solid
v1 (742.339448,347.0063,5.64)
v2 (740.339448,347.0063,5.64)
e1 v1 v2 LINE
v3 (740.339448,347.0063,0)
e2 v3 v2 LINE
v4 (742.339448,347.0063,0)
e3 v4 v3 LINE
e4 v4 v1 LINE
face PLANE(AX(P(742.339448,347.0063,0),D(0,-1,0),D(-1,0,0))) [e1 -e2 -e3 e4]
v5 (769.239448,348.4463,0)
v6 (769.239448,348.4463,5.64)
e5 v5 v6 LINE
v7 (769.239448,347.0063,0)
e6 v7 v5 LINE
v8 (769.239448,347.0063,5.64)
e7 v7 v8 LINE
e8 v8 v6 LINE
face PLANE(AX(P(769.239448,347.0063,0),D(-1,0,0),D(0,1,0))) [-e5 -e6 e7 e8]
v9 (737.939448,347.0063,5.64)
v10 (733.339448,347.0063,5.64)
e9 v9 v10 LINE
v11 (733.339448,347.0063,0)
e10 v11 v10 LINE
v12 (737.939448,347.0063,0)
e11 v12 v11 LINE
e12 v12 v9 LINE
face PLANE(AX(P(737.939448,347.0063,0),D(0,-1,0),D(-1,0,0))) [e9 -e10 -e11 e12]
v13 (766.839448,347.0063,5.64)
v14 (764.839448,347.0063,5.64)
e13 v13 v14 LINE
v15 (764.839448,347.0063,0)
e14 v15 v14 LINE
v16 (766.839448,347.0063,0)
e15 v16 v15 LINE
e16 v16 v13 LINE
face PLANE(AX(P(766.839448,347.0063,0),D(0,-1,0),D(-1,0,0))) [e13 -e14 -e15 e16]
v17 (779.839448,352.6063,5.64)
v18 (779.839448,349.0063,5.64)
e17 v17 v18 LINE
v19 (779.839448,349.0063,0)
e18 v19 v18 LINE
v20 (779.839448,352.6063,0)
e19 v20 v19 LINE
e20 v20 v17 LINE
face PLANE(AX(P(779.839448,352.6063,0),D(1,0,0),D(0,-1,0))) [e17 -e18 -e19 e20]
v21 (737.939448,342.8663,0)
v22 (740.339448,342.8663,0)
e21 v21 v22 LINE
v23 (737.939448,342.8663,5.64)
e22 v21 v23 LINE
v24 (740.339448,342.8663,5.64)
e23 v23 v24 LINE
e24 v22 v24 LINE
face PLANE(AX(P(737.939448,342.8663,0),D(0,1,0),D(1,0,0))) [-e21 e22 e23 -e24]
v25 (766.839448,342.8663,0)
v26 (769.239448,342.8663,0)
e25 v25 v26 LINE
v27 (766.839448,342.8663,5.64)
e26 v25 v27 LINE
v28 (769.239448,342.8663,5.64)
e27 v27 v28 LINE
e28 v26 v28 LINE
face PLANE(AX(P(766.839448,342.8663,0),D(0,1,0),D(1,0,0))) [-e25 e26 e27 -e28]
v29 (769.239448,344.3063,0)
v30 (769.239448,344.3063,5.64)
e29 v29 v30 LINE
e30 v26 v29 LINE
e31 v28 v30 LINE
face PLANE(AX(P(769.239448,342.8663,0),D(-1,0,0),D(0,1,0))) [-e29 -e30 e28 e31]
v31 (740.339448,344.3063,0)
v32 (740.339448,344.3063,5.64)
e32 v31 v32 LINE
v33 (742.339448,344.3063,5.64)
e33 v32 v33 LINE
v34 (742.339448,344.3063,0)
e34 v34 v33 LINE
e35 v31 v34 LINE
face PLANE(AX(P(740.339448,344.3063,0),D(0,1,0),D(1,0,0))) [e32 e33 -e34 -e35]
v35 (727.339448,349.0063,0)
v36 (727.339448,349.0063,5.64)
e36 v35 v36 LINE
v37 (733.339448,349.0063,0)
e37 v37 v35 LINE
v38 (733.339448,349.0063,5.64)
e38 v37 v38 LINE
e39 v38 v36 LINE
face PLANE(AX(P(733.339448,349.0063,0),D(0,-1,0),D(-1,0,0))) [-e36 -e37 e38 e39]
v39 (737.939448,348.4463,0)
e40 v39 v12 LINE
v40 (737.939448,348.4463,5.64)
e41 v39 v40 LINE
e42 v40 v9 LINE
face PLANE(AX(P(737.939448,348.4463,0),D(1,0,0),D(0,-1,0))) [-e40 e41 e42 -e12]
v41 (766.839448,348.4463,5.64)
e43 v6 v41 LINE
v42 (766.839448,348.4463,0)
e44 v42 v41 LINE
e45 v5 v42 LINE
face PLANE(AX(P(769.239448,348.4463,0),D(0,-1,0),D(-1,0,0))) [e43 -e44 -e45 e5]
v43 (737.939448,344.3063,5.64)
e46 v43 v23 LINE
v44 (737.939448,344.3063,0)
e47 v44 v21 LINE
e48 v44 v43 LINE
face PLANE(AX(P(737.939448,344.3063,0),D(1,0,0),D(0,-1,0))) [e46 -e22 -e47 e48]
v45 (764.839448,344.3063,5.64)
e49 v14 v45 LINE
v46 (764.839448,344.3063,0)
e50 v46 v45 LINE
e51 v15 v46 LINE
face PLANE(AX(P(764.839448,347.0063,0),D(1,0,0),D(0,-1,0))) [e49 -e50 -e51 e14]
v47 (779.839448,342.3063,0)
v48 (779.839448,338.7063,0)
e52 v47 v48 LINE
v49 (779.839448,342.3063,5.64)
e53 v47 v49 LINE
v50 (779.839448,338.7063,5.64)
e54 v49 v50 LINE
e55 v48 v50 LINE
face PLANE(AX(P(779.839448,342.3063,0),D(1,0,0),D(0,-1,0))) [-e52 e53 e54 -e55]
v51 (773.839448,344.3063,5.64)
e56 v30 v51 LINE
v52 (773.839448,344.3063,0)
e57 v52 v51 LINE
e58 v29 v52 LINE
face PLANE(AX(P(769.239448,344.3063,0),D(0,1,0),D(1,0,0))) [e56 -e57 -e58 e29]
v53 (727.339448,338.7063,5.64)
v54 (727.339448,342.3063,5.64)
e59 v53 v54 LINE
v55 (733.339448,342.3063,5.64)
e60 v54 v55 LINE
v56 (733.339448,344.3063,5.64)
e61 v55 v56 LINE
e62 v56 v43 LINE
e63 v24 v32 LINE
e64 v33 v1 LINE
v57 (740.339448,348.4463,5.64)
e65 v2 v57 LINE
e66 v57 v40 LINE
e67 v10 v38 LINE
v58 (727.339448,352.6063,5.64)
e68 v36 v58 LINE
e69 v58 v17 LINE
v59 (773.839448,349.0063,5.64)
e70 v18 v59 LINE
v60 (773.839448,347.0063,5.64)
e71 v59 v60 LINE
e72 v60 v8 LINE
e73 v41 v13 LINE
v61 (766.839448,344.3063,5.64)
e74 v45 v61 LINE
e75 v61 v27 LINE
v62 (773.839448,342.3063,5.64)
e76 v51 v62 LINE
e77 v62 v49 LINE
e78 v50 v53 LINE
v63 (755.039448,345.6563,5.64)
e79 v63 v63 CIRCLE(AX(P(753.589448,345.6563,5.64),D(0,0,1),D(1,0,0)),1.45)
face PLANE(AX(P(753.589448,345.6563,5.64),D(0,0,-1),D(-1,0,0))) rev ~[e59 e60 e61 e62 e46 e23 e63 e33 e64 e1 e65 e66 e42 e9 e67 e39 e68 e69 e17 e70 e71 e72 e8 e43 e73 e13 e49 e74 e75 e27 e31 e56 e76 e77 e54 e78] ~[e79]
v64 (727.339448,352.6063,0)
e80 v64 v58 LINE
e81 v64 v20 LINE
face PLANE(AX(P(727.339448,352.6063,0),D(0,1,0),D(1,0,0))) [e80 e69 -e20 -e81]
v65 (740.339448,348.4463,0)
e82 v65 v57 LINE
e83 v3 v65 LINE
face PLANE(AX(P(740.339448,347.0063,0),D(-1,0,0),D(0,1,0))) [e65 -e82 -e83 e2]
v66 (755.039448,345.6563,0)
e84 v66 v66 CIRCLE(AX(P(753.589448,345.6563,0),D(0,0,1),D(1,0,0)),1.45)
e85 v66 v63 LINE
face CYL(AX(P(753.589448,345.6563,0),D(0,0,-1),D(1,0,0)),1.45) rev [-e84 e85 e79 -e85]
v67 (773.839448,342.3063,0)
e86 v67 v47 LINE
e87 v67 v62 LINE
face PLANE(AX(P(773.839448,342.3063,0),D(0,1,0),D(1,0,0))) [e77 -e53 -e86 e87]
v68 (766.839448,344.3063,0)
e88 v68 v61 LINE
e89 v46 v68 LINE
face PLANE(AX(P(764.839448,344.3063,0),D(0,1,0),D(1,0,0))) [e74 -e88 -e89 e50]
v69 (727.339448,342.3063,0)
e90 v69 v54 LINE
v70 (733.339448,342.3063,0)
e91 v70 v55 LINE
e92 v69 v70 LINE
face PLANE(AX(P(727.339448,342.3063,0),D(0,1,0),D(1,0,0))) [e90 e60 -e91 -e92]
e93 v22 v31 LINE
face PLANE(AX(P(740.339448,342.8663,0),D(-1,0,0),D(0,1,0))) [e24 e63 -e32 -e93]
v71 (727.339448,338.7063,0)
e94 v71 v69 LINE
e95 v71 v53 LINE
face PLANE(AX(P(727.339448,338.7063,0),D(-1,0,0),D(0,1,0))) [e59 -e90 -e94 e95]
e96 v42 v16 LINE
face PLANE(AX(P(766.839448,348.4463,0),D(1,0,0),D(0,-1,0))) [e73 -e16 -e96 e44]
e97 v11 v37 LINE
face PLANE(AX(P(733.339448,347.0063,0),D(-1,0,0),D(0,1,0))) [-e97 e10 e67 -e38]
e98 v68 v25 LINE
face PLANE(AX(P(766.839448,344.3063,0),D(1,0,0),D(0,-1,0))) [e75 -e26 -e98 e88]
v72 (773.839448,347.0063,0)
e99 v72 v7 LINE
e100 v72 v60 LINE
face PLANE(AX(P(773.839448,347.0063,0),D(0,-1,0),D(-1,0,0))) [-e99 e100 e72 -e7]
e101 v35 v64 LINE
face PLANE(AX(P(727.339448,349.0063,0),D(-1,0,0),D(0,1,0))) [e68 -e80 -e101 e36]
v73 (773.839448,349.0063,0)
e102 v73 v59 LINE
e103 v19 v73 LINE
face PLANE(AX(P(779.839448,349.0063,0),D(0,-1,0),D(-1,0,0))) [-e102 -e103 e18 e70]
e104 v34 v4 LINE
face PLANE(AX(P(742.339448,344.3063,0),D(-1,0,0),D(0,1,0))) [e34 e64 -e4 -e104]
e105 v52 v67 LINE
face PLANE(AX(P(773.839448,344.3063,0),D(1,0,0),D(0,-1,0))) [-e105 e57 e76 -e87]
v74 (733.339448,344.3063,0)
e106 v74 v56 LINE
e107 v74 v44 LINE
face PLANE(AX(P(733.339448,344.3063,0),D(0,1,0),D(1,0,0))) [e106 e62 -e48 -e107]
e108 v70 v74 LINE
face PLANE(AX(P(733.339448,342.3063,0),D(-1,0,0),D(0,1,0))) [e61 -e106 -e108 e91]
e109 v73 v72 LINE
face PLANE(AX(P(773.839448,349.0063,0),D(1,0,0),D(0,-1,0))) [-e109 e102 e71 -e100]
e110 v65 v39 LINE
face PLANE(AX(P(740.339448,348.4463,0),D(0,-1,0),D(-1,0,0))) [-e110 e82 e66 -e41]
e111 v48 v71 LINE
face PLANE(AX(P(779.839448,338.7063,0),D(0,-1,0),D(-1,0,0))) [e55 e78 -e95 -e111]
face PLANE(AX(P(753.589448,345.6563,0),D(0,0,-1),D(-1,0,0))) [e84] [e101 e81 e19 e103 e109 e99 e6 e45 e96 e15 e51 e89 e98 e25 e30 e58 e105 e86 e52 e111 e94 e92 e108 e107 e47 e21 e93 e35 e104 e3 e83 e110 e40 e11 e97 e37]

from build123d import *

# Parameters (mm, degrees)
SKETCH1_R           = 1.45
BOSS_EXTRUDE2_DEPTH = 5.64


with BuildPart() as part:
    # Sketch1 → Boss-Extrude2 (new body)
    with BuildSketch(Plane.XY):
        Polygon((727.33944815, 352.606300382), (779.83944815, 352.606300382), (779.83944815, 349.006300382), (773.83944815, 349.006300382), (773.83944815, 347.006300382), (769.23944815, 347.006300382), (769.23944815, 348.446300382), (766.83944815, 348.446300382), (766.83944815, 347.006300382), (764.83944815, 347.006300382), (764.83944815, 344.306300382), (766.83944815, 344.306300382), (766.83944815, 342.866300382), (769.23944815, 342.866300382), (769.23944815, 344.306300382), (773.83944815, 344.306300382), (773.83944815, 342.306300382), (779.83944815, 342.306300382), (779.83944815, 338.706300382), (727.33944815, 338.706300382), (727.33944815, 342.306300382), (733.33944815, 342.306300382), (733.33944815, 344.306300382), (737.93944815, 344.306300382), (737.93944815, 342.866300382), (740.33944815, 342.866300382), (740.33944815, 344.306300382), (742.33944815, 344.306300382), (742.33944815, 347.006300382), (740.33944815, 347.006300382), (740.33944815, 348.446300382), (737.93944815, 348.446300382), (737.93944815, 347.006300382), (733.33944815, 347.006300382), (733.33944815, 349.006300382), (727.33944815, 349.006300382), align=None)
        with Locations((753.58944815, 345.656300382)):
            Circle(SKETCH1_R, mode=Mode.SUBTRACT)
    extrude(amount=BOSS_EXTRUDE2_DEPTH)


solid = part.part
